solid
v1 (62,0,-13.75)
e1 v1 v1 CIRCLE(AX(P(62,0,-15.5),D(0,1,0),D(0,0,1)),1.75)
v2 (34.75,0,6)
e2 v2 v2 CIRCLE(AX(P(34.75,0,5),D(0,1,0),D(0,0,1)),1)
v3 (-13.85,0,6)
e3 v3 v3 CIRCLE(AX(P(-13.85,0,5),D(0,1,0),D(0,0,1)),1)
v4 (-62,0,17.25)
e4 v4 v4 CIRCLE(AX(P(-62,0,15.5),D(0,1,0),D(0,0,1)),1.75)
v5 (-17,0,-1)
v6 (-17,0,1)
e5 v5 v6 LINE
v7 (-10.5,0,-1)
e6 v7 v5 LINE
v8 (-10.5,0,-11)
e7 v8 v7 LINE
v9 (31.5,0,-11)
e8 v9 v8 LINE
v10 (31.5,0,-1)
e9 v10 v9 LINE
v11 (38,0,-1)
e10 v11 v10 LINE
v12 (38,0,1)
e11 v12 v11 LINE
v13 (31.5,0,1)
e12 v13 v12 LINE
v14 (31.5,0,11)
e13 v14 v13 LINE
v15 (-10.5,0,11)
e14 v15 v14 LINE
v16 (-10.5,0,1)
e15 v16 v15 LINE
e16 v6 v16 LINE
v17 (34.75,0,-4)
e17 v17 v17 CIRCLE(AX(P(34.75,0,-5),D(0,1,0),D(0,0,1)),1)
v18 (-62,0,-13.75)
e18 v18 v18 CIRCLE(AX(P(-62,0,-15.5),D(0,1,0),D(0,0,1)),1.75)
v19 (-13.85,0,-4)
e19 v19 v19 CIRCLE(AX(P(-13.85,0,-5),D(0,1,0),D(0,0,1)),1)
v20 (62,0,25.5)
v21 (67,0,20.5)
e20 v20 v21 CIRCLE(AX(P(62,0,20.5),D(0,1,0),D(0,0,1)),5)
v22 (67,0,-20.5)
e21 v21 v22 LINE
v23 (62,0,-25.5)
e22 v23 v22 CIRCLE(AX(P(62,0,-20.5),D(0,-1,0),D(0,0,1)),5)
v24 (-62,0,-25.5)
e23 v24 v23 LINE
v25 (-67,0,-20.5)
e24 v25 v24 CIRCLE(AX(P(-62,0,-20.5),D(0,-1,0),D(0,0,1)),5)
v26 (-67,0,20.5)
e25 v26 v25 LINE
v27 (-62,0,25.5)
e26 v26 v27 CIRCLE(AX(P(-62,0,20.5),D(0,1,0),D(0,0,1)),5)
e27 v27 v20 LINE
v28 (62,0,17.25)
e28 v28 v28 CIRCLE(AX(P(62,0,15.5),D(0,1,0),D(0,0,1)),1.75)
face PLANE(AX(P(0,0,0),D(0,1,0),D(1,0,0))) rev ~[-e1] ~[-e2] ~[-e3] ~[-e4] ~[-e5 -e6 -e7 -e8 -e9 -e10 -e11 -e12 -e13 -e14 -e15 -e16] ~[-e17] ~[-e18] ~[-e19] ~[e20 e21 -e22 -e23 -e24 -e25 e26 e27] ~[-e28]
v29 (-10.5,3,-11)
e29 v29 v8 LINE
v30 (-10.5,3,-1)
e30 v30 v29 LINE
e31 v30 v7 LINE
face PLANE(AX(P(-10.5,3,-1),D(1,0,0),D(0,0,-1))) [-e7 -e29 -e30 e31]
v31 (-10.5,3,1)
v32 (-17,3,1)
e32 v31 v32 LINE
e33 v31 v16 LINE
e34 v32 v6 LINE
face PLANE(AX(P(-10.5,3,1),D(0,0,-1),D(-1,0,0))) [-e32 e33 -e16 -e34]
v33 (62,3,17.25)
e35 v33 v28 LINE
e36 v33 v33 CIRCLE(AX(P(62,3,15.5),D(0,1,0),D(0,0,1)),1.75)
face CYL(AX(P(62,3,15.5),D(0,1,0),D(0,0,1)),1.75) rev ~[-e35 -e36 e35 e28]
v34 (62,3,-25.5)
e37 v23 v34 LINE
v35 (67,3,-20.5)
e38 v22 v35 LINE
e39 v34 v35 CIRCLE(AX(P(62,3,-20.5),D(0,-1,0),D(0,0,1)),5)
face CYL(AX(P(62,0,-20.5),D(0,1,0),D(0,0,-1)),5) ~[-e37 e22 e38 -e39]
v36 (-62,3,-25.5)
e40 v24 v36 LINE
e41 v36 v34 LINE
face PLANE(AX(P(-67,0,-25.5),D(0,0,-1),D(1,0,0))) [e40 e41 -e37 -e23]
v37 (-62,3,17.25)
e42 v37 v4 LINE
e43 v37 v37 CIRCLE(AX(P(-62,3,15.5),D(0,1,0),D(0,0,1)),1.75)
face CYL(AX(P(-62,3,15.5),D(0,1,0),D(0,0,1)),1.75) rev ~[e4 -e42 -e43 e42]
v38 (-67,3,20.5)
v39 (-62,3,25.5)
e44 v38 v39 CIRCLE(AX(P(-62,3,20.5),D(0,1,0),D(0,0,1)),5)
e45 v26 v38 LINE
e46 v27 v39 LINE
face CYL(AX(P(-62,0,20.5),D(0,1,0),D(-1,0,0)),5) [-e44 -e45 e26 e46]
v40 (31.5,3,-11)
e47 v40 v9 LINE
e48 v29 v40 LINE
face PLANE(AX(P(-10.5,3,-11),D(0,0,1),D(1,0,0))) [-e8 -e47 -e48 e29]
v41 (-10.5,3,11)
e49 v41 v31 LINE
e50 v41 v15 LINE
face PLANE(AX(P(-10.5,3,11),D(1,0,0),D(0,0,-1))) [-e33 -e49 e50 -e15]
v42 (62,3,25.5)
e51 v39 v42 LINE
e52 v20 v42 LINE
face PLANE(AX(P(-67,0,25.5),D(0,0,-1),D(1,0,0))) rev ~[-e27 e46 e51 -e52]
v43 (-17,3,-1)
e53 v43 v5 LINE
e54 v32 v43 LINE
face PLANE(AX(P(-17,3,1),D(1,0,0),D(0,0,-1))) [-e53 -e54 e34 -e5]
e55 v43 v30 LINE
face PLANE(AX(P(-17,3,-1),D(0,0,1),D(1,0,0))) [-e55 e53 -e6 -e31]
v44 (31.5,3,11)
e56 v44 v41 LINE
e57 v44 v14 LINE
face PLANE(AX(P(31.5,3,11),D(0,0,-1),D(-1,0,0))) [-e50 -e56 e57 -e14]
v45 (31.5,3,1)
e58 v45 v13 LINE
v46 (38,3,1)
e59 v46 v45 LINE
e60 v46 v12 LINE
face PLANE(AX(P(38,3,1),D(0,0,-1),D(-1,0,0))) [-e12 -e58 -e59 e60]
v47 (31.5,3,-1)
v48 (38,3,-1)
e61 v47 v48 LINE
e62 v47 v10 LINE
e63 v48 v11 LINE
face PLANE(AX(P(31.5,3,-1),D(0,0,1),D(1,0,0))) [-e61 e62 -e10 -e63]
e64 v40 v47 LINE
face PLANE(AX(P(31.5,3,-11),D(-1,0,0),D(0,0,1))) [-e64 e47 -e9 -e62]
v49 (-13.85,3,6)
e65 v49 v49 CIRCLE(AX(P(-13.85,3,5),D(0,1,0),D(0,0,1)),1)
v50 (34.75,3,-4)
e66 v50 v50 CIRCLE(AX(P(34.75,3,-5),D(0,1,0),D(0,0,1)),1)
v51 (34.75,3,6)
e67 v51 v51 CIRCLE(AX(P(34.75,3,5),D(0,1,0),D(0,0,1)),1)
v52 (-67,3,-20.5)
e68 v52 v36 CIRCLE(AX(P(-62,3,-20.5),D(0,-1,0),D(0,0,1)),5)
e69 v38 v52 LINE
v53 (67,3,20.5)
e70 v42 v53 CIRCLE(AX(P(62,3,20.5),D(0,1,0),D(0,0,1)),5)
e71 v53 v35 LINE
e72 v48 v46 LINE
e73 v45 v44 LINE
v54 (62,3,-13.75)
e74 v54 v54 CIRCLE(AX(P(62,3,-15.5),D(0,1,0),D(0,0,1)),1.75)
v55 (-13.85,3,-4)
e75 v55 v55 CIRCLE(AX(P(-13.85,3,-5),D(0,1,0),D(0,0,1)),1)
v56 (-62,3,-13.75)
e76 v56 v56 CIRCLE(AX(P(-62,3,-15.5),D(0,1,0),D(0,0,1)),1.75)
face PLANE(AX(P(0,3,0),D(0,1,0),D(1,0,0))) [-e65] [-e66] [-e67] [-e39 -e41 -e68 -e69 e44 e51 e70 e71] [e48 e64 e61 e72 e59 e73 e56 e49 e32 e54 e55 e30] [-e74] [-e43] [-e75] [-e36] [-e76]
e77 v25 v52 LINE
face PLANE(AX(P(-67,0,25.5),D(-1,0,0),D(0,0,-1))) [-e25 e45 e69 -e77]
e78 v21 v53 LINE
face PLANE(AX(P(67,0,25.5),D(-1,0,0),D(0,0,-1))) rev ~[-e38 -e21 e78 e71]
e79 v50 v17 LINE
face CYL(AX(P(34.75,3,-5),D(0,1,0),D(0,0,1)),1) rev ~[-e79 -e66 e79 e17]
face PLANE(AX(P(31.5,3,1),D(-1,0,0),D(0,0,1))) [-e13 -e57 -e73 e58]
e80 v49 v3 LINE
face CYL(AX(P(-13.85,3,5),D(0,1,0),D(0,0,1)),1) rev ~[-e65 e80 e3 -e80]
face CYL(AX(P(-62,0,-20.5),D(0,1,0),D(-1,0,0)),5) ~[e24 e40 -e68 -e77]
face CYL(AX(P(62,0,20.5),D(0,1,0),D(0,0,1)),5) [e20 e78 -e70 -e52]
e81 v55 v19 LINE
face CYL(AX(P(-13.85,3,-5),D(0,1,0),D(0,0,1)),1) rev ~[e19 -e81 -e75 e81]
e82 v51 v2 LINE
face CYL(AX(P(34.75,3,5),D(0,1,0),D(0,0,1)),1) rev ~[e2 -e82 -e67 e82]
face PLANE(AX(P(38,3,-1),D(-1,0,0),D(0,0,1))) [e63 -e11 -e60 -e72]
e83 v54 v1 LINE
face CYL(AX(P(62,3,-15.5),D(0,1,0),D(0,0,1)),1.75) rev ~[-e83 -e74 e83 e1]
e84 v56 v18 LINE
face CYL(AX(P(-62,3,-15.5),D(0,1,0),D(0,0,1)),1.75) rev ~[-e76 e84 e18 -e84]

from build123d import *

# Parameters (mm, degrees)
SKETCH_1_W          = 134
SKETCH_1_H          = 51
EXTRUDE_1_DEPTH     = 3
CUT_EXTRUDE_1_REACH = 73.751
SKETCH_2_R          = 1.75
CUT_EXTRUDE_2_REACH = 73.751
SKETCH_3_R          = 1
FILLET_1_R          = 5


with BuildPart() as part:
    # 스케치1 → 보스-돌출1 (new body)
    with BuildSketch(Plane(origin=(0, 0, 0), x_dir=(1, 0, 0), z_dir=(0, 1, 0))):
        Rectangle(SKETCH_1_W, SKETCH_1_H)
    extrude(amount=EXTRUDE_1_DEPTH)

    # 스케치2 → 컷-돌출1 (cut, up to next)
    with BuildSketch(Plane(origin=(0, 3, 0), x_dir=(1, 0, 0), z_dir=(0, 1, 0)), mode=Mode.PRIVATE) as cut_extrude_1_sk1:
        with Locations(Location((-62, 15.5, 0), (0, 0, 270))):
            Circle(SKETCH_2_R)
    cut_extrude_1_tool1 = extrude(cut_extrude_1_sk1.sketch, amount=-CUT_EXTRUDE_1_REACH, mode=Mode.PRIVATE) & part.part
    # 스케치2 → 컷-돌출1 (cut, up to next)
    with BuildSketch(Plane(origin=(0, 3, 0), x_dir=(1, 0, 0), z_dir=(0, 1, 0)), mode=Mode.PRIVATE) as cut_extrude_1_sk2:
        with Locations(Location((-62, -15.5, 0), (0, 0, 270))):
            Circle(SKETCH_2_R)
    cut_extrude_1_tool2 = extrude(cut_extrude_1_sk2.sketch, amount=-CUT_EXTRUDE_1_REACH, mode=Mode.PRIVATE) & part.part
    # 스케치2 → 컷-돌출1 (cut, up to next)
    with BuildSketch(Plane(origin=(0, 3, 0), x_dir=(1, 0, 0), z_dir=(0, 1, 0)), mode=Mode.PRIVATE) as cut_extrude_1_sk3:
        with Locations(Location((62, 15.5, 0), (0, 0, 270))):
            Circle(SKETCH_2_R)
    cut_extrude_1_tool3 = extrude(cut_extrude_1_sk3.sketch, amount=-CUT_EXTRUDE_1_REACH, mode=Mode.PRIVATE) & part.part
    # 스케치2 → 컷-돌출1 (cut, up to next)
    with BuildSketch(Plane(origin=(0, 3, 0), x_dir=(1, 0, 0), z_dir=(0, 1, 0)), mode=Mode.PRIVATE) as cut_extrude_1_sk4:
        with Locations(Location((62, -15.5, 0), (0, 0, 270))):
            Circle(SKETCH_2_R)
    cut_extrude_1_tool4 = extrude(cut_extrude_1_sk4.sketch, amount=-CUT_EXTRUDE_1_REACH, mode=Mode.PRIVATE) & part.part
    add(cut_extrude_1_tool1.solids().sort_by_distance((-62, 3, -15.5))[0], mode=Mode.SUBTRACT)
    add(cut_extrude_1_tool2.solids().sort_by_distance((-62, 3, 15.5))[0], mode=Mode.SUBTRACT)
    add(cut_extrude_1_tool3.solids().sort_by_distance((62, 3, -15.5))[0], mode=Mode.SUBTRACT)
    add(cut_extrude_1_tool4.solids().sort_by_distance((62, 3, 15.5))[0], mode=Mode.SUBTRACT)

    # 스케치3 → 컷-돌출2 (cut, up to next)
    with BuildSketch(Plane(origin=(0, 3, 0), x_dir=(1, 0, 0), z_dir=(0, 1, 0)), mode=Mode.PRIVATE) as cut_extrude_2_sk1:
        with Locations(Location((-13.85, 5, 0), (0, 0, 270))):
            Circle(SKETCH_3_R)
    cut_extrude_2_tool1 = extrude(cut_extrude_2_sk1.sketch, amount=-CUT_EXTRUDE_2_REACH, mode=Mode.PRIVATE) & part.part
    # 스케치3 → 컷-돌출2 (cut, up to next)
    with BuildSketch(Plane(origin=(0, 3, 0), x_dir=(1, 0, 0), z_dir=(0, 1, 0)), mode=Mode.PRIVATE) as cut_extrude_2_sk2:
        with Locations(Location((-13.85, -5, 0), (0, 0, 270))):
            Circle(SKETCH_3_R)
    cut_extrude_2_tool2 = extrude(cut_extrude_2_sk2.sketch, amount=-CUT_EXTRUDE_2_REACH, mode=Mode.PRIVATE) & part.part
    # 스케치3 → 컷-돌출2 (cut, up to next)
    with BuildSketch(Plane(origin=(0, 3, 0), x_dir=(1, 0, 0), z_dir=(0, 1, 0)), mode=Mode.PRIVATE) as cut_extrude_2_sk3:
        with Locations(Location((34.75, 5, 0), (0, 0, 270))):
            Circle(SKETCH_3_R)
    cut_extrude_2_tool3 = extrude(cut_extrude_2_sk3.sketch, amount=-CUT_EXTRUDE_2_REACH, mode=Mode.PRIVATE) & part.part
    # 스케치3 → 컷-돌출2 (cut, up to next)
    with BuildSketch(Plane(origin=(0, 3, 0), x_dir=(1, 0, 0), z_dir=(0, 1, 0)), mode=Mode.PRIVATE) as cut_extrude_2_sk4:
        with Locations(Location((34.75, -5, 0), (0, 0, 270))):
            Circle(SKETCH_3_R)
    cut_extrude_2_tool4 = extrude(cut_extrude_2_sk4.sketch, amount=-CUT_EXTRUDE_2_REACH, mode=Mode.PRIVATE) & part.part
    # 스케치3 → 컷-돌출2 (cut, up to next)
    with BuildSketch(Plane(origin=(0, 3, 0), x_dir=(1, 0, 0), z_dir=(0, 1, 0)), mode=Mode.PRIVATE) as cut_extrude_2_sk5:
        Polygon((-10.5, 11), (31.5, 11), (31.5, 1), (38, 1), (38, -1), (31.5, -1), (31.5, -11), (-10.5, -11), (-10.5, -1), (-17, -1), (-17, 1), (-10.5, 1), align=None)
    cut_extrude_2_tool5 = extrude(cut_extrude_2_sk5.sketch, amount=-CUT_EXTRUDE_2_REACH, mode=Mode.PRIVATE) & part.part
    add(cut_extrude_2_tool1.solids().sort_by_distance((-13.85, 3, -5))[0], mode=Mode.SUBTRACT)
    add(cut_extrude_2_tool2.solids().sort_by_distance((-13.85, 3, 5))[0], mode=Mode.SUBTRACT)
    add(cut_extrude_2_tool3.solids().sort_by_distance((34.75, 3, -5))[0], mode=Mode.SUBTRACT)
    add(cut_extrude_2_tool4.solids().sort_by_distance((34.75, 3, 5))[0], mode=Mode.SUBTRACT)
    add(cut_extrude_2_tool5.solids().sort_by_distance((10.5, 3, 0))[0], mode=Mode.SUBTRACT)

    # 필렛1
    fillet_1_edges = [part.edges().sort_by_distance(p)[0] for p in [
        (67, 1.5, 25.5),
        (-67, 1.5, 25.5),
        (-67, 1.5, -25.5),
        (67, 1.5, -25.5),
    ]]
    fillet(fillet_1_edges, radius=FILLET_1_R)


solid = part.part
